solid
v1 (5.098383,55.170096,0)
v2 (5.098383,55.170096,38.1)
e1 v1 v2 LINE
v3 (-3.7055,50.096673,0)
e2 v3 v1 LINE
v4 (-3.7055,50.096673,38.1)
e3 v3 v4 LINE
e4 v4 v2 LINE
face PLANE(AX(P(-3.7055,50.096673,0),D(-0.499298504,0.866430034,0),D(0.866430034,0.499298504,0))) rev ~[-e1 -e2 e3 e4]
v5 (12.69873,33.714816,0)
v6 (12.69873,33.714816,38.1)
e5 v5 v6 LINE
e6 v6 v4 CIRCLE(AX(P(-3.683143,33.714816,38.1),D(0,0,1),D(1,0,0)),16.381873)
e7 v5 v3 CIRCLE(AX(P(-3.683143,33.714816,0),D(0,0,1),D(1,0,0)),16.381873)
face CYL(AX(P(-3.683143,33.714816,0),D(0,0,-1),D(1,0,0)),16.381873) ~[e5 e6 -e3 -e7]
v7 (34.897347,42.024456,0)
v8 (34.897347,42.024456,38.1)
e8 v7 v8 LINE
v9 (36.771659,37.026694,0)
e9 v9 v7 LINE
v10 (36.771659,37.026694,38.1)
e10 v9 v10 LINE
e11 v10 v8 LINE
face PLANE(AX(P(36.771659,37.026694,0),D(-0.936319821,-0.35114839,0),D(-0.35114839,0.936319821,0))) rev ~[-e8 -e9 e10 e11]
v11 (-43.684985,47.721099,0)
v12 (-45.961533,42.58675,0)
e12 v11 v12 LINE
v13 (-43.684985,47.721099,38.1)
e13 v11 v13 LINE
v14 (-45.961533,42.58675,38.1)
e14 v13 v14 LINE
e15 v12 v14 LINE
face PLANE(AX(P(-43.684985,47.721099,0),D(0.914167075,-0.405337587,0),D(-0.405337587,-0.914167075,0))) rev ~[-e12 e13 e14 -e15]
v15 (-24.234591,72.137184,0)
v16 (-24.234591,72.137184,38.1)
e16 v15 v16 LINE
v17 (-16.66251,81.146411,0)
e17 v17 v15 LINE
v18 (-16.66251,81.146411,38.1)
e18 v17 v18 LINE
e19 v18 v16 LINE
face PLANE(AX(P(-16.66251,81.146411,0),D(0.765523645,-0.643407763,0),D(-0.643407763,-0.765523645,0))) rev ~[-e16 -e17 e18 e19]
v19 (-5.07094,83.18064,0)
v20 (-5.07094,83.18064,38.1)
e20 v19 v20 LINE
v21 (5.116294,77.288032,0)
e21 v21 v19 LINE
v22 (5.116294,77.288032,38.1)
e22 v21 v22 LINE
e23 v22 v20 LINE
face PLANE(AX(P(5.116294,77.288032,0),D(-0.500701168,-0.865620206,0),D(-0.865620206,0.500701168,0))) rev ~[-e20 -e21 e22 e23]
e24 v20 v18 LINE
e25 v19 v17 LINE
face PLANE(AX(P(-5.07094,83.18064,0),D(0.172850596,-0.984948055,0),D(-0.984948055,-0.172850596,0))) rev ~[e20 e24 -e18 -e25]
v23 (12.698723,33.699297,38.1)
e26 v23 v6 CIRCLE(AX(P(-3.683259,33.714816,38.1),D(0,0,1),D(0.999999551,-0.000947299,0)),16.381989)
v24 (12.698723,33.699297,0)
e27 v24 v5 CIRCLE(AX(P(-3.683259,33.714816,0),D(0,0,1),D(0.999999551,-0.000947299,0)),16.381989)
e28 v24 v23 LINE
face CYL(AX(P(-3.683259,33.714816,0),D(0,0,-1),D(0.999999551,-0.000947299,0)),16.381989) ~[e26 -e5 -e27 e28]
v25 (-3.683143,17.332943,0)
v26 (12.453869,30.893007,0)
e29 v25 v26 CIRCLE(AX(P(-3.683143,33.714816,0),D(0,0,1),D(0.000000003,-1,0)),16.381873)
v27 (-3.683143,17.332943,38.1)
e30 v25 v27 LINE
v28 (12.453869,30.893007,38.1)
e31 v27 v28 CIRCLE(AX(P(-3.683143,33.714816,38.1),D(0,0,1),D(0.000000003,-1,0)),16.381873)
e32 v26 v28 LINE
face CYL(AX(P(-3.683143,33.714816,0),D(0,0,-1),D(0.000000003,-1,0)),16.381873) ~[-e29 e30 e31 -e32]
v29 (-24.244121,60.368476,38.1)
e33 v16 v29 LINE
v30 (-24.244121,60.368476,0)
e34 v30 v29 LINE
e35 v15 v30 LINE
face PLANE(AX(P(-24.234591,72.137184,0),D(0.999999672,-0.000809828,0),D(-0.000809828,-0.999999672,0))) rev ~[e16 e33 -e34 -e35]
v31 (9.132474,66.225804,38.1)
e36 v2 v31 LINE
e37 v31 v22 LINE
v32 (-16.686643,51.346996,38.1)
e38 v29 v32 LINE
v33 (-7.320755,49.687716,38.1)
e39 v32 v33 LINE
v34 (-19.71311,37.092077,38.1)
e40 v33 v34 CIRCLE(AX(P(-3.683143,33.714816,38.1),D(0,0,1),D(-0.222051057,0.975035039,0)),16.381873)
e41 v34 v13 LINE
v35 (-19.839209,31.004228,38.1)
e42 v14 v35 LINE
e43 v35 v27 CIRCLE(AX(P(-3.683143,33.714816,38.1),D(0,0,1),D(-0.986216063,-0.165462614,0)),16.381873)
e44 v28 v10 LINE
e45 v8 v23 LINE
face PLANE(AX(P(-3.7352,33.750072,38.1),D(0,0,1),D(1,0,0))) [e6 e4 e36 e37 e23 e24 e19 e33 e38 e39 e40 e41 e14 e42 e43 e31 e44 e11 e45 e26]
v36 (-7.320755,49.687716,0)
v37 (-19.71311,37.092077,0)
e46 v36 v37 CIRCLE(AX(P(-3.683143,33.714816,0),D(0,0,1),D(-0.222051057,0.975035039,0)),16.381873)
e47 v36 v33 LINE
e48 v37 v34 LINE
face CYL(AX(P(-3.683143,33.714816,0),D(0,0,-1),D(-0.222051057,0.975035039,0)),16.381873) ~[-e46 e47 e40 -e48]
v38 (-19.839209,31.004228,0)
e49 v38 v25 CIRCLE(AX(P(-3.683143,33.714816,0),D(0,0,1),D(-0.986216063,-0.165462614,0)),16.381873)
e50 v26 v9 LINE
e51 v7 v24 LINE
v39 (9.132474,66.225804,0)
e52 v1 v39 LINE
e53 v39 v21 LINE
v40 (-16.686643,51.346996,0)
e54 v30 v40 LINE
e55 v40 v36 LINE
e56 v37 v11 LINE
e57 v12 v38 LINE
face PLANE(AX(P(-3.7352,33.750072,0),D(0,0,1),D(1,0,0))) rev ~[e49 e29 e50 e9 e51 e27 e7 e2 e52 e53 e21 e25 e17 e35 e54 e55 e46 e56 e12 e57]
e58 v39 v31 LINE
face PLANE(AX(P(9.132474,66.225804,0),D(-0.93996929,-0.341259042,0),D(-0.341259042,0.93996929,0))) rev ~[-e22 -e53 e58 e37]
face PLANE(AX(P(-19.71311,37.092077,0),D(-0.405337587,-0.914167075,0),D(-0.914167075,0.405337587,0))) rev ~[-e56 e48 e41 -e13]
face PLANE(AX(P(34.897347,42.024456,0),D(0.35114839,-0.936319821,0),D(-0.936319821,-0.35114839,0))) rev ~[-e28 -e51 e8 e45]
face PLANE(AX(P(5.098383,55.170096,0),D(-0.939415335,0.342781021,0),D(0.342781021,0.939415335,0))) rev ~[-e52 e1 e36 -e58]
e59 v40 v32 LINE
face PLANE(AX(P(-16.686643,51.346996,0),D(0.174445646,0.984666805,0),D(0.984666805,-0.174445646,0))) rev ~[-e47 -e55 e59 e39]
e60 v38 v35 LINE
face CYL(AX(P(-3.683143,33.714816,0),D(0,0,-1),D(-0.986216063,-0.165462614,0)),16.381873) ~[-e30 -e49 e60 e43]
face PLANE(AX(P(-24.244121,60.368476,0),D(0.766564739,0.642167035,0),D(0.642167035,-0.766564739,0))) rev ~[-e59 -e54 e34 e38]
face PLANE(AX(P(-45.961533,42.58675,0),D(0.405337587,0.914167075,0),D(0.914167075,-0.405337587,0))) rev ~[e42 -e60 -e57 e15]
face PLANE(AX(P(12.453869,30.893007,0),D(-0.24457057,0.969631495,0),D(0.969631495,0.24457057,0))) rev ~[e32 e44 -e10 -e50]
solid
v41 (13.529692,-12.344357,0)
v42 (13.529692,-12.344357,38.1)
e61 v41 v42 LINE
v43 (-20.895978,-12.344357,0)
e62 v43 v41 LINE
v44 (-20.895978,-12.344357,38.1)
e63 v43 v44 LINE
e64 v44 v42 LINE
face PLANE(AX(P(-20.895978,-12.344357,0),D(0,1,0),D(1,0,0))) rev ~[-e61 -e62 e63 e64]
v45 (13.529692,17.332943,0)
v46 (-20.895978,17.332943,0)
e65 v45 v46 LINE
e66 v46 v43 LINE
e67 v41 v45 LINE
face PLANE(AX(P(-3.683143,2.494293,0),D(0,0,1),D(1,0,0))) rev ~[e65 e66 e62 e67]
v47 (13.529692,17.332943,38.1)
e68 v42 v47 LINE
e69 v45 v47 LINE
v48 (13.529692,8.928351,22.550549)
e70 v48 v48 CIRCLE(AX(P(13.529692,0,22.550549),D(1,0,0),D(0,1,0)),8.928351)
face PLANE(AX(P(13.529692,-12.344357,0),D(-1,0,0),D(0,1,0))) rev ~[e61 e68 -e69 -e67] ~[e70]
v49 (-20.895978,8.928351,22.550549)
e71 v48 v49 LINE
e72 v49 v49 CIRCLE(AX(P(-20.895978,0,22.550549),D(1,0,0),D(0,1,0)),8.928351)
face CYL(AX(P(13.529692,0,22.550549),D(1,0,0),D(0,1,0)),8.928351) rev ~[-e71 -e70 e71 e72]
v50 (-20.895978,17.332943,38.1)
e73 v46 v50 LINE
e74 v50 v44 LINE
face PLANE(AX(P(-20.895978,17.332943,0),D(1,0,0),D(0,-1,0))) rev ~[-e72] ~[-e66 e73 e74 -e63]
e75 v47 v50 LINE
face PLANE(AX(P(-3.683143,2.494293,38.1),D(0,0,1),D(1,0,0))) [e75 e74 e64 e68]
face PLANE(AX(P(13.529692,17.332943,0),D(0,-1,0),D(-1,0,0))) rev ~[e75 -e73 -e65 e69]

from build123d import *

# Parameters (mm, degrees)
F1_DEPTH = 38.1
F2_R     = 8.9283509737
F3_DEPTH = 76.2


with BuildPart() as f1:
    # F0 (on Top) → F1 (new body)
    with BuildSketch(Plane.XY):
        with BuildLine():
            ThreePointArc((-19.8392088322, 31.0042282186), (-14.2652326938, 21.2094117356), (-3.6831426706, 17.3329428959))
            ThreePointArc((-3.6831426706, 17.3329428959), (6.8558147514, 21.1730402179), (12.4538692011, 30.8930071604))
            ThreePointArc((12.4538692011, 30.8930071604), (12.6367274551, 32.2908793662), (12.6987227546, 33.6992970697))
            ThreePointArc((12.6987227546, 33.6992970697), (12.6987282674, 33.7070563908), (12.698730105, 33.7148157137))
            ThreePointArc((12.698730105, 33.7148157137), (7.8926833262, 45.3064509968), (-3.705500355, 50.096673275))
            Line((-3.705500355, 50.096673275), (-5.0983826818, 49.2939955798))
            Line((-5.0983826818, 49.2939955798), (-7.320754889, 49.6877157221))
            ThreePointArc((-7.320754889, 49.6877157221), (-15.3607260497, 45.2039324958), (-19.7131103672, 37.0920770336))
            ThreePointArc((-19.7131103672, 37.0920770336), (-20.0615024695, 34.0540629729), (-19.8392088322, 31.0042282186))
        make_face()
        with BuildLine():
            Line((-45.9615329933, 42.5867497672), (-19.8392088322, 31.0042282186))
            ThreePointArc((-19.8392088322, 31.0042282186), (-20.0615024695, 34.0540629729), (-19.7131103672, 37.0920770336))
            Line((-19.7131103672, 37.0920770336), (-43.6849854887, 47.7210991085))
            Line((-43.6849854887, 47.7210991085), (-45.9615329933, 42.5867497672))
        make_face()
        with BuildLine():
            ThreePointArc((12.6987227546, 33.6992970697), (12.6367274551, 32.2908793662), (12.4538692011, 30.8930071604))
            Line((12.4538692011, 30.8930071604), (36.7716592372, 37.0266938141))
            Line((36.7716592372, 37.0266938141), (34.897346632, 42.0244557041))
            Line((34.897346632, 42.0244557041), (12.6987227546, 33.6992970697))
        make_face()
        with BuildLine():
            Line((-16.6866425288, 51.3469961082), (-7.320754889, 49.6877157221))
            ThreePointArc((-7.320754889, 49.6877157221), (-5.524516205, 49.9928715154), (-3.705500355, 50.096673275))
            Line((-3.705500355, 50.096673275), (5.0983826818, 55.1700957808))
            Line((5.0983826818, 55.1700957808), (9.1324737239, 66.2258041215))
            Line((9.1324737239, 66.2258041215), (5.116294412, 77.2880317989))
            Line((5.116294412, 77.2880317989), (-5.070940319, 83.1806395397))
            Line((-5.070940319, 83.1806395397), (-16.66251012, 81.146410693))
            Line((-16.66251012, 81.146410693), (-24.2345906551, 72.137183544))
            Line((-24.2345906551, 72.137183544), (-24.2441212877, 60.3684756023))
            Line((-24.2441212877, 60.3684756023), (-16.6866425288, 51.3469961082))
        make_face()
        with BuildLine():
            ThreePointArc((-3.705500355, 50.096673275), (-5.524516205, 49.9928715154), (-7.320754889, 49.6877157221))
            Line((-7.320754889, 49.6877157221), (-5.0983826818, 49.2939955798))
            Line((-5.0983826818, 49.2939955798), (-3.705500355, 50.096673275))
        make_face()
    extrude(amount=F1_DEPTH)


with BuildPart() as f1b:
    # F0 (on Top) → F1, piece 2 (new body)
    with BuildSketch(Plane.XY):
        Polygon((-3.6831426706, 17.3329428959), (-20.8959778534, 17.3329428959), (-20.8959778534, -12.3443568868), (13.5296924277, -12.3443568868), (13.5296924277, 17.3329428959), align=None)
    extrude(amount=F1_DEPTH)

    # F2 (on face) → F3 (cut)
    with BuildSketch(Plane.YZ.offset(13.5296924277)):
        with Locations((0, 22.5505493581)):
            Circle(F2_R)
    extrude(amount=-F3_DEPTH, mode=Mode.SUBTRACT)


solid = Compound([f1.part, f1b.part])
